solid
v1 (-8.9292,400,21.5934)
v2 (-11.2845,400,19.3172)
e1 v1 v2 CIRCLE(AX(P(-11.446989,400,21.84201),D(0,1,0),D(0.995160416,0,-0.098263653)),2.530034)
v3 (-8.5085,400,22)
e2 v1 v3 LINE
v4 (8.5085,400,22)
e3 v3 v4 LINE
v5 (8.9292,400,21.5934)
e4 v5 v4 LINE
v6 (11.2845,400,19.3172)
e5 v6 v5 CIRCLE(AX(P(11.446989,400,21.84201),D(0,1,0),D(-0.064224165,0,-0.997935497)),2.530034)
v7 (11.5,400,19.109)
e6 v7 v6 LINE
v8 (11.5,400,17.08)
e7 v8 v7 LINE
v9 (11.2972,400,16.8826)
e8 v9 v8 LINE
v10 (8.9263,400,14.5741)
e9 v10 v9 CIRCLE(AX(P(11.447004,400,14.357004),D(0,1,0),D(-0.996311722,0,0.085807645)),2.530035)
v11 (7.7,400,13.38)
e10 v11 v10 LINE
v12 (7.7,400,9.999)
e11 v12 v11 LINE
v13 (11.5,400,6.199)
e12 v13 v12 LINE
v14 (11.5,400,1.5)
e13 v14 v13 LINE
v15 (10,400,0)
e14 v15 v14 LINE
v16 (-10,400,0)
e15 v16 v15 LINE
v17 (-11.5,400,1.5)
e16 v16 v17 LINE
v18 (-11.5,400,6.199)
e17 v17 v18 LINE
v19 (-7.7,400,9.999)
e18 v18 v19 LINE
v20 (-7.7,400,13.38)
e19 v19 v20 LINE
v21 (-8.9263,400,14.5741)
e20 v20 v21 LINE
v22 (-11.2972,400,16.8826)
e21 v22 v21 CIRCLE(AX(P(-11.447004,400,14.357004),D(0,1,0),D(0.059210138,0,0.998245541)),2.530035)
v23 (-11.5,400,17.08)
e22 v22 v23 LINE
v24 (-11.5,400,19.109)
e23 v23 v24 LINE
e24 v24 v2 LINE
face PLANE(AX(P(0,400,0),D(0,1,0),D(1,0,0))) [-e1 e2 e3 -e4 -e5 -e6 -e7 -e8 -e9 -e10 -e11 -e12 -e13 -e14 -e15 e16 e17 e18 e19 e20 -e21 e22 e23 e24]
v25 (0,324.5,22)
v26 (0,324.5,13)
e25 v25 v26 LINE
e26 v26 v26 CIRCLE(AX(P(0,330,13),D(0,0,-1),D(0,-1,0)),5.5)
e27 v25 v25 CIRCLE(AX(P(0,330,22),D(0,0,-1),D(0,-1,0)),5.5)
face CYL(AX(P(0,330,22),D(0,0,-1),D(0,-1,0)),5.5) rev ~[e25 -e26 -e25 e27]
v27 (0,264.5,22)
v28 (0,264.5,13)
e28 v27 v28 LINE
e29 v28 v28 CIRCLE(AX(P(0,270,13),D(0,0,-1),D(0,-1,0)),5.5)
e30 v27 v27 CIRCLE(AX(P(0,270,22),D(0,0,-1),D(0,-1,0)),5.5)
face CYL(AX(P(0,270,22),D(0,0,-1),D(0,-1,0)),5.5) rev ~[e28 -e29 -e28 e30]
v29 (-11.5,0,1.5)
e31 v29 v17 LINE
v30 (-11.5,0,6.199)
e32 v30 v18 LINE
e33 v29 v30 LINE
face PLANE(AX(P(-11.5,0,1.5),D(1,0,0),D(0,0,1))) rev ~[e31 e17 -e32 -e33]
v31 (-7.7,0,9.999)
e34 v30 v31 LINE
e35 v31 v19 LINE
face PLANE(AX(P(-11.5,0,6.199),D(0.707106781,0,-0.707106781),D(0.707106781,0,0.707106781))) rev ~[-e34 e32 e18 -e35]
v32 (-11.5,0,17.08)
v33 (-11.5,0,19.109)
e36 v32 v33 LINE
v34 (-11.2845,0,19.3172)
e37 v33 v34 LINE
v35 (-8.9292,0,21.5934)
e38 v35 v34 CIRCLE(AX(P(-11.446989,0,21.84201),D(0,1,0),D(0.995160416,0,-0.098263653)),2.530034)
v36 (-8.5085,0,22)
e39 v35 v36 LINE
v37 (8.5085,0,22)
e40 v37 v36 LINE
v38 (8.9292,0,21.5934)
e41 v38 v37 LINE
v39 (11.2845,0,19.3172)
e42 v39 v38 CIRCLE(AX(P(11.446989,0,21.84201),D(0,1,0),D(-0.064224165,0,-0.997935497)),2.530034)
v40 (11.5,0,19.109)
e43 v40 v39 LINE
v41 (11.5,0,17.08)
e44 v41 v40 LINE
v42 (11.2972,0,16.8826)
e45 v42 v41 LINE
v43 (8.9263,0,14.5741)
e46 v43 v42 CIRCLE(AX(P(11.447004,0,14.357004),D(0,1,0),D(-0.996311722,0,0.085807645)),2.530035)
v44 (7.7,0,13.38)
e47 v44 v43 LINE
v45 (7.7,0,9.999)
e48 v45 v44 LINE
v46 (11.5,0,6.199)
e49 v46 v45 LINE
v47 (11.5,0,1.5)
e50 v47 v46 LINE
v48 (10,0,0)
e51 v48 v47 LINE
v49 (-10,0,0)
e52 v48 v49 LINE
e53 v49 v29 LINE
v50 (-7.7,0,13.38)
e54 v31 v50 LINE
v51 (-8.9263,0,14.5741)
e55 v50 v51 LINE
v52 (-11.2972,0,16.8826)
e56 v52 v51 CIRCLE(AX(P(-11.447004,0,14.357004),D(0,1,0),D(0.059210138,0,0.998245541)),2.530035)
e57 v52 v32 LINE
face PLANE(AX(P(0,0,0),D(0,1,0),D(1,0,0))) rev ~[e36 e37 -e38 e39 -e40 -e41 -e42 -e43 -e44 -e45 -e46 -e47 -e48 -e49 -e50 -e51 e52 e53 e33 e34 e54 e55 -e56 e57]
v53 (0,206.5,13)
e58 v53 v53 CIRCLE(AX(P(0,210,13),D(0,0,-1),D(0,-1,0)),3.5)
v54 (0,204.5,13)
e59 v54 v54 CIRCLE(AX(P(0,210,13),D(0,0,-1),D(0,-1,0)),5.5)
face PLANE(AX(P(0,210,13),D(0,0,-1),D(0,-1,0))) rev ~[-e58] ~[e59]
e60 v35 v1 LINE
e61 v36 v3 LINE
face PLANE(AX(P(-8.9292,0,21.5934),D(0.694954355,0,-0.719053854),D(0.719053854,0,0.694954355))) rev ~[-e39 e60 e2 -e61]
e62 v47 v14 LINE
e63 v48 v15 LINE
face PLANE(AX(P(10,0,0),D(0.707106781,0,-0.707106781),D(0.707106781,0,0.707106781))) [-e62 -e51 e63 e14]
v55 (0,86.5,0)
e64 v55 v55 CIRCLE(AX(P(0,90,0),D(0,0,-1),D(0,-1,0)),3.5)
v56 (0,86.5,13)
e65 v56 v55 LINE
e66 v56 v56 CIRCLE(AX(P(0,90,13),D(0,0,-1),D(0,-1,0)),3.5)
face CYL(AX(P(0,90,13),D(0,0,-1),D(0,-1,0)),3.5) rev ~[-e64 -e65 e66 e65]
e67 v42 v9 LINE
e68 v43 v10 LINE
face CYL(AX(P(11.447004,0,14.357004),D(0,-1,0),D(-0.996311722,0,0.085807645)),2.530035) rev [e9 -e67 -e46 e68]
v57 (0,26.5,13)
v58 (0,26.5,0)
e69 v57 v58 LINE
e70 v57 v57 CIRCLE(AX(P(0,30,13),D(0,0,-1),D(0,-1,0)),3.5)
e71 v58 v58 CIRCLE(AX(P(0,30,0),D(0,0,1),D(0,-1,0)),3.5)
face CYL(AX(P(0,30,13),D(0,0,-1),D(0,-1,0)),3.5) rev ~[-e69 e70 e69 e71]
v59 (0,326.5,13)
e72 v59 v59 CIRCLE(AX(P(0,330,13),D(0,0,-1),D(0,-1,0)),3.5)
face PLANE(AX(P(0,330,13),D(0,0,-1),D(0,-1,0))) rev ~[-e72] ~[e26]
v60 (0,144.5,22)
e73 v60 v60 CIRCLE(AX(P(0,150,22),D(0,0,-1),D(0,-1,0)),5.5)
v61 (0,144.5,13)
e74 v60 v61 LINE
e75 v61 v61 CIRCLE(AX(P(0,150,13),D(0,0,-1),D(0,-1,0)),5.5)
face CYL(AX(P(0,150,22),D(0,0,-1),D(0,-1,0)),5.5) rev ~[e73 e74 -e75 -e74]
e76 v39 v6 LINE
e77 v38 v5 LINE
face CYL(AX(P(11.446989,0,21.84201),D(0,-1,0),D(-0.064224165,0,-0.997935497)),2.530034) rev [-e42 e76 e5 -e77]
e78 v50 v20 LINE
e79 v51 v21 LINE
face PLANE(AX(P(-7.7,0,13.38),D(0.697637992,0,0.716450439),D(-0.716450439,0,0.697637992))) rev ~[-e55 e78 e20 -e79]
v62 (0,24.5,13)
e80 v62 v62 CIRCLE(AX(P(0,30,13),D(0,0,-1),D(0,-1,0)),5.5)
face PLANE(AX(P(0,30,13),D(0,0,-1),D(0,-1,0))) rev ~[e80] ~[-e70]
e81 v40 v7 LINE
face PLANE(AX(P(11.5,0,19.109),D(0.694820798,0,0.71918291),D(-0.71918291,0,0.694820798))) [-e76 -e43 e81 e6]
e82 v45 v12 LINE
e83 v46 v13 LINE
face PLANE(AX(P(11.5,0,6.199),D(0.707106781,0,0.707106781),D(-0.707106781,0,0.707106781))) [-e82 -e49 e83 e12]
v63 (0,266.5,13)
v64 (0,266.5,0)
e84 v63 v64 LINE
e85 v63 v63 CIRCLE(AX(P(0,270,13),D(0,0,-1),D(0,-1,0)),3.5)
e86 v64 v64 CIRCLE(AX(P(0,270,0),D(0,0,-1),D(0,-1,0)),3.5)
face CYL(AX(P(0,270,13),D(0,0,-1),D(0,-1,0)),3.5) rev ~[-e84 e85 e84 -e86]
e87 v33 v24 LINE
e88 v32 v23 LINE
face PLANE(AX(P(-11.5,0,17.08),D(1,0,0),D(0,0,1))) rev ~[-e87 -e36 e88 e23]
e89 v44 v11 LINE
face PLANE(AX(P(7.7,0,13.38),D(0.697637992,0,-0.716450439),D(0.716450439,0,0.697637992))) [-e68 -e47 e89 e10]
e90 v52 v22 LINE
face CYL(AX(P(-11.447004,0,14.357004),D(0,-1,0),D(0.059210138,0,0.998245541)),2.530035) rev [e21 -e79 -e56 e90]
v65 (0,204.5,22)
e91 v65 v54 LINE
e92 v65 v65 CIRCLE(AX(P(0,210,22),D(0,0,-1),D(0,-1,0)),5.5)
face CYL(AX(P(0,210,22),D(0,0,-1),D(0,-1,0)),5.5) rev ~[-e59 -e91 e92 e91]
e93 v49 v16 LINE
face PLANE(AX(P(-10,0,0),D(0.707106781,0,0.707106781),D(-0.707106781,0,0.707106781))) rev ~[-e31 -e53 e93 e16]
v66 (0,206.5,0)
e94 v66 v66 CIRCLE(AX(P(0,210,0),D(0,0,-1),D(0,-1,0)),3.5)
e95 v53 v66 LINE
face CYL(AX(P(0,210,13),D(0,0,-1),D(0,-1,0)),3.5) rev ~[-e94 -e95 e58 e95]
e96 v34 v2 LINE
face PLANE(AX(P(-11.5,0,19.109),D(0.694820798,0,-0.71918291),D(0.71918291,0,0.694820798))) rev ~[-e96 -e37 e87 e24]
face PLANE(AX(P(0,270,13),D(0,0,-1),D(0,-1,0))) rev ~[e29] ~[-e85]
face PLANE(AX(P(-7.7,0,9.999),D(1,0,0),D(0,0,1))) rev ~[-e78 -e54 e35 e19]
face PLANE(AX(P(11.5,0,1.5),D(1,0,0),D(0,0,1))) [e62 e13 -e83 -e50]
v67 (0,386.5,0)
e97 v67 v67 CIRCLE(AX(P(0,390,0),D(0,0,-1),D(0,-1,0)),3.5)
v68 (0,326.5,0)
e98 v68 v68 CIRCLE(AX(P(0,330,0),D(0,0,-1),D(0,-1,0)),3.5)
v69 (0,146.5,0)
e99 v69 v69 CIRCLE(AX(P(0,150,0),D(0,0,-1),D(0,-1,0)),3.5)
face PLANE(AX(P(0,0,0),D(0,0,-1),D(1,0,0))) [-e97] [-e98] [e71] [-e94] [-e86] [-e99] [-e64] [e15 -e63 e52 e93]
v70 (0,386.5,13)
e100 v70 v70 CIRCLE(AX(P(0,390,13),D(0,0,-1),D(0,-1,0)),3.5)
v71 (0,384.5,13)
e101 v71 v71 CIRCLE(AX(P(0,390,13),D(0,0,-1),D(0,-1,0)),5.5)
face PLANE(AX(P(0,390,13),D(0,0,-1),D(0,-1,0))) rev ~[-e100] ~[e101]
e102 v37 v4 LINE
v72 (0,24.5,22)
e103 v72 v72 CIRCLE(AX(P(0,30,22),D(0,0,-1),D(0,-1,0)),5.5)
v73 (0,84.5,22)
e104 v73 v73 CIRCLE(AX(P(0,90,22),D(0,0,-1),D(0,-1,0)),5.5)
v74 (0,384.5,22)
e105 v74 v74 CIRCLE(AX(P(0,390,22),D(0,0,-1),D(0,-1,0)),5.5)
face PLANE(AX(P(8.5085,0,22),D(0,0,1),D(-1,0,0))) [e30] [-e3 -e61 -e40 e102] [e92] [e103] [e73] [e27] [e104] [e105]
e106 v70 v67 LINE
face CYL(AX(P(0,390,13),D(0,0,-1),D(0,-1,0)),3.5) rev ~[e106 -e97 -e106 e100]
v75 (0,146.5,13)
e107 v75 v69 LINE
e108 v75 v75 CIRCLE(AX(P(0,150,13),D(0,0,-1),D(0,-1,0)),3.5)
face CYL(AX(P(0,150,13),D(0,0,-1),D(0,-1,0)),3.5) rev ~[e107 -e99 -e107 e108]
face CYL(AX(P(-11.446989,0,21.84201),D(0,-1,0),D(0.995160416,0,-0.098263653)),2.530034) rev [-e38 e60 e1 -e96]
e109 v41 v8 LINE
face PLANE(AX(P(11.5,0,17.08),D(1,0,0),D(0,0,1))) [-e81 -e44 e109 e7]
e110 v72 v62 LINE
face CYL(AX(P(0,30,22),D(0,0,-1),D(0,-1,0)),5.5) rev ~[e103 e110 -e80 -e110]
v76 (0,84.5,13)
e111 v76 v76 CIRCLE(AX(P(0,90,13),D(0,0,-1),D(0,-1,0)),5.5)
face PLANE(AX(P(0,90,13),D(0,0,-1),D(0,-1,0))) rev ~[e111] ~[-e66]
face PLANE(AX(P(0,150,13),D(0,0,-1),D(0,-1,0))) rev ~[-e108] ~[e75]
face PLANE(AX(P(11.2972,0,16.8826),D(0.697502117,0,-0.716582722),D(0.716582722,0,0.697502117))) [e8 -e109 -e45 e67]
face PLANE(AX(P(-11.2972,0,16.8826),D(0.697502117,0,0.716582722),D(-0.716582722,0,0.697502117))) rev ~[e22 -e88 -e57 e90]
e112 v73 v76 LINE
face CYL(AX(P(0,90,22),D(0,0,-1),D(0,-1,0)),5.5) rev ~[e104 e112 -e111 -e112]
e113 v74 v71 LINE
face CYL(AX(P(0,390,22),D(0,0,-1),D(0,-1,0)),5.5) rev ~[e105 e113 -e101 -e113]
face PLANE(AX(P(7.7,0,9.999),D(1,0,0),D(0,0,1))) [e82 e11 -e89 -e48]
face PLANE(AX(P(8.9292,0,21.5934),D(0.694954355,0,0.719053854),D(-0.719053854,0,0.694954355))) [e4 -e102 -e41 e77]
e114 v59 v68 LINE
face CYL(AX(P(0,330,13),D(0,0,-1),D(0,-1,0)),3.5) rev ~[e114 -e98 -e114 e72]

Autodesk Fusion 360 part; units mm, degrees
sketch "Sketch2" plane through (0, 0, 0) normal (0, 1, 0) x (1, 0, 0)
  line L0 (0, 0) -> (-10, 0)
  line L1 (-10, 0) -> (-11.5, -1.5)
  line L2 (-11.5, -1.5) -> (-11.5, -6.199)
  line L3 (-11.5, -6.199) -> (-7.7, -9.999)
  line L4 (-7.7, -9.999) -> (-7.7, -13.38)
  line L5 (-11.5, -17.08) -> (-11.5, -19.109)
  line L6 (-8.5085, -22) -> (0, -22)
  line L7 (0, -37) -> (0, 7) construction
  arc A0 (-8.9292, -21.5934) -> (-11.2845, -19.3172) centre (-11.447, -21.842) ccw
  line L8 (-11.5, -19.109) -> (-11.2845, -19.3172)
  line L9 (-8.9292, -21.5934) -> (-8.5085, -22)
  arc A1 (-11.2972, -16.8826) -> (-8.9263, -14.5741) centre (-11.447, -14.357) ccw
  line L10 (-7.7, -13.38) -> (-8.9263, -14.5741)
  line L11 (-11.2972, -16.8826) -> (-11.5, -17.08)
  line L12 (0, 0) -> (10, 0)
  line L13 (10, 0) -> (11.5, -1.5)
  line L14 (11.5, -1.5) -> (11.5, -6.199)
  line L15 (11.5, -6.199) -> (7.7, -9.999)
  line L16 (7.7, -9.999) -> (7.7, -13.38)
  line L17 (7.7, -13.38) -> (8.9263, -14.5741)
  arc A2 (8.9263, -14.5741) -> (11.2972, -16.8826) centre (11.447, -14.357) ccw
  line L18 (11.2972, -16.8826) -> (11.5, -17.08)
  line L19 (11.5, -17.08) -> (11.5, -19.109)
  line L20 (11.5, -19.109) -> (11.2845, -19.3172)
  arc A3 (11.2845, -19.3172) -> (8.9292, -21.5934) centre (11.447, -21.842) ccw
  line L21 (8.9292, -21.5934) -> (8.5085, -22)
  line L22 (8.5085, -22) -> (0, -22)
  dimension "d29" = 10
  dimension "d30" = 1.5
  dimension "d31" = 1.5
  dimension "d32" = 3.381
  dimension "d33" = 3.7
  dimension "d34" = 22
  dimension "d35" = 3.8
  dimension "d36" = 3.8
  dimension "d38" = 8.5085
  dimension "d39" = 2.029
  dimension "d40" = 2.891
  dimension "d42" = 11.447
  dimension "d43" = 0.158
  dimension "d46" = 2.53
  dimension "d47" = 2.53
  dimension "d48" = 7.485
extrude "Extrude2" add sketch "Sketch2" along normal blind 400
hole "Hole4" at (0, 30, 22) direction (0, 0, -1) diameter 7 end up to surface (22 mm away) counterbore diameter 11 counterbore depth 9
pattern_linear "R-Pattern4" count 7 spacing 60 along (0, 1, 0) of "Hole4"
equation "RailLength = 400 mm"
equation "RailHoleSpacing = 60 mm"
equation "RailFirstHoleOffset = ( RailLength - ( ( RailNumberOfHoles - 1 ) * RailHoleSpacing ) ) / 2"
equation "d53 = RailLength"
equation "RailNumberOfHoles = round(RailLength / RailHoleSpacing)"
equation "d94 = RailNumberOfHoles"
equation "d96 = RailHoleSpacing"
